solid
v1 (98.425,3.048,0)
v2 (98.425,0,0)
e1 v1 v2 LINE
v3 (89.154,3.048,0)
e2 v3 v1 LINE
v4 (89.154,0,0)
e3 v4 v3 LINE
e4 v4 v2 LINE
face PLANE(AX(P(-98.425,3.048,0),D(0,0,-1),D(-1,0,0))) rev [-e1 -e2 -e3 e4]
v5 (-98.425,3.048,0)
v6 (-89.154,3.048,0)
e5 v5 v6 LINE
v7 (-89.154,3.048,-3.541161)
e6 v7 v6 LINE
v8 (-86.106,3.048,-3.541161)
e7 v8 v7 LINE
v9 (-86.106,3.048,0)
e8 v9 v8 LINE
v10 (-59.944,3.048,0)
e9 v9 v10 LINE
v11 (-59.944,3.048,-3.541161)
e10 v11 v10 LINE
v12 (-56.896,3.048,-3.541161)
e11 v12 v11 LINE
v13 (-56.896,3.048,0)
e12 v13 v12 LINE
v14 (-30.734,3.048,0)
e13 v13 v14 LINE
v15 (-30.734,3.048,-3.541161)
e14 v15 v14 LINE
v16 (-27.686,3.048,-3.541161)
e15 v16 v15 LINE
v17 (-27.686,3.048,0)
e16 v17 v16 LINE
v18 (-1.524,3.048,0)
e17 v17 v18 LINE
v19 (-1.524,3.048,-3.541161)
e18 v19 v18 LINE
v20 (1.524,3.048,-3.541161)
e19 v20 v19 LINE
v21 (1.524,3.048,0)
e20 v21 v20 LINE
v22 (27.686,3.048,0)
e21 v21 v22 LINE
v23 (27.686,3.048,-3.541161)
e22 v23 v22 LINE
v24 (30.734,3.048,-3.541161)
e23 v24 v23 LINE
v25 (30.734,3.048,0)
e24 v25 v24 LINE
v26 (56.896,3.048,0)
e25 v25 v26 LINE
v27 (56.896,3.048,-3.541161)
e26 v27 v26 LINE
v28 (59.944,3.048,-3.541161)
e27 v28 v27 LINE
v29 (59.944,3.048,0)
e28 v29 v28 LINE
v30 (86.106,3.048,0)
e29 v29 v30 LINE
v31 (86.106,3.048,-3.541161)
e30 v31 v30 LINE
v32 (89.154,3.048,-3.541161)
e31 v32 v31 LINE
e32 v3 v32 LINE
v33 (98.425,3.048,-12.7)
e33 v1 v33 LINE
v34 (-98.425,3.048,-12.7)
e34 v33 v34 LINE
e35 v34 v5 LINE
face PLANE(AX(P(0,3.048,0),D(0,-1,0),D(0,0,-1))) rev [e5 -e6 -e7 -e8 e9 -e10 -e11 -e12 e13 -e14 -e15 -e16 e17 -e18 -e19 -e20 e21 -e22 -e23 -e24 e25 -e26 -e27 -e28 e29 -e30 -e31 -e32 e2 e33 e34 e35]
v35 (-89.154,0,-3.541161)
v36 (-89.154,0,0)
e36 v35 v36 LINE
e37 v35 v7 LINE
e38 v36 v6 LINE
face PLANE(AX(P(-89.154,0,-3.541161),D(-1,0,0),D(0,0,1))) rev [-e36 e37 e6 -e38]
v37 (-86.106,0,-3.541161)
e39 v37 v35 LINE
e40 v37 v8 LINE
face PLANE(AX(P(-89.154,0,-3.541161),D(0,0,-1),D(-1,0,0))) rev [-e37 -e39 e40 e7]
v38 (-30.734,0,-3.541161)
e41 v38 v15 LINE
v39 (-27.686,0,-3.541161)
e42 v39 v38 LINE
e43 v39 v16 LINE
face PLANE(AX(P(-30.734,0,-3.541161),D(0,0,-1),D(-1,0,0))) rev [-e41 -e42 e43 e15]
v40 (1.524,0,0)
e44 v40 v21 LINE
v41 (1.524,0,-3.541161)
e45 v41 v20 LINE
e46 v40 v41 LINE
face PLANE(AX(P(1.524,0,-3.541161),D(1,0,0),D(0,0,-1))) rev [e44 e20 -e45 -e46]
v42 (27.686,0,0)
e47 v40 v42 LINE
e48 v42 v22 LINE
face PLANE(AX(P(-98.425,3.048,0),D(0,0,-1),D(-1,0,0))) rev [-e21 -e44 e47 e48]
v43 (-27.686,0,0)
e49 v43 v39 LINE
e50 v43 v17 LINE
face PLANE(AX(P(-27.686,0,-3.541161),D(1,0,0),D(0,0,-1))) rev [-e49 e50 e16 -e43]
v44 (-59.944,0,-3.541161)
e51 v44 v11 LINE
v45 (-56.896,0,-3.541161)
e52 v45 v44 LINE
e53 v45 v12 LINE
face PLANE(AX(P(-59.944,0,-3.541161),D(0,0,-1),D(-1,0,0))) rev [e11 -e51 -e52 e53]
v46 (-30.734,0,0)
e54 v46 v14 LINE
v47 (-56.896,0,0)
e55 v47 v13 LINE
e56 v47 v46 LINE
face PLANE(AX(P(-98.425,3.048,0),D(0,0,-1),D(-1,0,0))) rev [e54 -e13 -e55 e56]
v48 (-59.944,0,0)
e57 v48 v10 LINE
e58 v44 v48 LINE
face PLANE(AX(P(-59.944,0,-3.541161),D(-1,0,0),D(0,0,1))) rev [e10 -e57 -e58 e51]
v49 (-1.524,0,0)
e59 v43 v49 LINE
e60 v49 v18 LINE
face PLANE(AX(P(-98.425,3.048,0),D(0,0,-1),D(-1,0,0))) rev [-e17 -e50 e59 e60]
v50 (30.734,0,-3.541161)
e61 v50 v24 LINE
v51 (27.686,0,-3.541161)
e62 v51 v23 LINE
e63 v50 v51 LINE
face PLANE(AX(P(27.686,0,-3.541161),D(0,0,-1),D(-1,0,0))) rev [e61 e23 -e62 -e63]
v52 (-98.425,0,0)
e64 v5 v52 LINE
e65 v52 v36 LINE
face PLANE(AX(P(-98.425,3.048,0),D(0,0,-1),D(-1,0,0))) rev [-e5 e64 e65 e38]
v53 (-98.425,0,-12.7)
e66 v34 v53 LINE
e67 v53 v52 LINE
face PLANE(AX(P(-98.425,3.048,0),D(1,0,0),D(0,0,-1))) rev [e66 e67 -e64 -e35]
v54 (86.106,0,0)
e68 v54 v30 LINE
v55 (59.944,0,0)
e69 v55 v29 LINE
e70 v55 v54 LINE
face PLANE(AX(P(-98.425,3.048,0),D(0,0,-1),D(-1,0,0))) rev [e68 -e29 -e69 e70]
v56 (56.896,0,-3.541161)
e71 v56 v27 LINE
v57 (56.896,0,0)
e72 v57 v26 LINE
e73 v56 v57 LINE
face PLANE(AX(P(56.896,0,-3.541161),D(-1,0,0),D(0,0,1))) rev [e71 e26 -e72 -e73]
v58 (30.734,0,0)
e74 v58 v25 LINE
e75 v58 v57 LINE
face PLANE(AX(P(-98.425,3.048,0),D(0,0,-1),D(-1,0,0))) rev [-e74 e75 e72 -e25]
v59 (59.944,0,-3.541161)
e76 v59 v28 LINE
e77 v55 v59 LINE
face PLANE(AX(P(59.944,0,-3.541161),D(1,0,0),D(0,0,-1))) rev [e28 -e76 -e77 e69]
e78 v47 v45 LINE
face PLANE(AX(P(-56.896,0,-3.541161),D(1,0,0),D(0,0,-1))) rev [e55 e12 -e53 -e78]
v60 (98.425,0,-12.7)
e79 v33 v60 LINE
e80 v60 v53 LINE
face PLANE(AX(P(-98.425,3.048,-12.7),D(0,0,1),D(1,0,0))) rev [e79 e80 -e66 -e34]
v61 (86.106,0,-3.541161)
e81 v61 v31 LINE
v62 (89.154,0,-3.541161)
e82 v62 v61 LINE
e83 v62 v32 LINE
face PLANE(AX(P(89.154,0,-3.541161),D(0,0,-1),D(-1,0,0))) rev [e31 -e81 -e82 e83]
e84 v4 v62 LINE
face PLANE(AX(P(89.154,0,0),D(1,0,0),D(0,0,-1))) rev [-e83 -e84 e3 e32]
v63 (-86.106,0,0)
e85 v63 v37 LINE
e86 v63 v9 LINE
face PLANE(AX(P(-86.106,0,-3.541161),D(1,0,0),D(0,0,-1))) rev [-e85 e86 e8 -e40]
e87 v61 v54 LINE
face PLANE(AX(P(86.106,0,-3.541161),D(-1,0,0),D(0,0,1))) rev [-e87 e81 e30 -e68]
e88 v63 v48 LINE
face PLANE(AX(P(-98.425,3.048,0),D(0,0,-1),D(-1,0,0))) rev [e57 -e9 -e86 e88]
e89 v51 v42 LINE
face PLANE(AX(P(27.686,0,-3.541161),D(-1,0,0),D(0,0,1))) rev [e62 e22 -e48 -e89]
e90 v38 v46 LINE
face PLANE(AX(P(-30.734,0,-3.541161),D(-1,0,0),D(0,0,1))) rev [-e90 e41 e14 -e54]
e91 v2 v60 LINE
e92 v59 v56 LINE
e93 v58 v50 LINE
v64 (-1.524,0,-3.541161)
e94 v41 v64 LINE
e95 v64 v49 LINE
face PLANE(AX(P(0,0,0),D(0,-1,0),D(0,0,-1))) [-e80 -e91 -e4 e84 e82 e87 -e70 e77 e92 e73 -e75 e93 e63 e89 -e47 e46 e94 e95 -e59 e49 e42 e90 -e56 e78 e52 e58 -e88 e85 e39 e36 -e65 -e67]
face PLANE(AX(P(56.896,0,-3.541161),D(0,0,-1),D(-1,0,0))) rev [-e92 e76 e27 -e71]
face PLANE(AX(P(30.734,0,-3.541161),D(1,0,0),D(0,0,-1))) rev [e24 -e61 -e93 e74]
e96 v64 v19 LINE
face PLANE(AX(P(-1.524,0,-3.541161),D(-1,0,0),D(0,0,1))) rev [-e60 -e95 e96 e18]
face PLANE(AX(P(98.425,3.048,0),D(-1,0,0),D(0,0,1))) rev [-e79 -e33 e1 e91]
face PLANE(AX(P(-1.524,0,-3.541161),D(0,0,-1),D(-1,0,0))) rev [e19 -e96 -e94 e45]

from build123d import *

# Parameters (mm, degrees)
SKETCH1_W           = 196.85
SKETCH1_H           = 12.7
BOSS_EXTRUDE1_DEPTH = 3.048
SKETCH2_W           = 3.048
SKETCH2_H           = 3.541160525
CUT_EXTRUDE1_DEPTH  = 4.048


with BuildPart() as part:
    # Sketch1 → Boss-Extrude1 (new body)
    with BuildSketch(Plane(origin=(0, 0, 0), x_dir=(1, 0, 0), z_dir=(0, 1, 0))):
        with Locations((0, 6.35)):
            Rectangle(SKETCH1_W, SKETCH1_H)
    extrude(amount=BOSS_EXTRUDE1_DEPTH)

    # Sketch2 → Cut-Extrude1 (cut, through all)
    with BuildSketch(Plane(origin=(0, 3.048, 0), x_dir=(1, 0, 0), z_dir=(0, 1, 0))):
        with Locations((87.63, 1.770580263)):
            Rectangle(SKETCH2_W, SKETCH2_H)
        with Locations((58.42, 1.770580263)):
            Rectangle(SKETCH2_W, SKETCH2_H)
        with Locations((29.21, 1.770580263)):
            Rectangle(SKETCH2_W, SKETCH2_H)
        with Locations((0, 1.770580263)):
            Rectangle(SKETCH2_W, SKETCH2_H)
        with Locations((-29.21, 1.770580263)):
            Rectangle(SKETCH2_W, SKETCH2_H)
        with Locations((-58.42, 1.770580263)):
            Rectangle(SKETCH2_W, SKETCH2_H)
        with Locations((-87.63, 1.770580263)):
            Rectangle(SKETCH2_W, SKETCH2_H)
    extrude(amount=-CUT_EXTRUDE1_DEPTH, mode=Mode.SUBTRACT)


solid = part.part
